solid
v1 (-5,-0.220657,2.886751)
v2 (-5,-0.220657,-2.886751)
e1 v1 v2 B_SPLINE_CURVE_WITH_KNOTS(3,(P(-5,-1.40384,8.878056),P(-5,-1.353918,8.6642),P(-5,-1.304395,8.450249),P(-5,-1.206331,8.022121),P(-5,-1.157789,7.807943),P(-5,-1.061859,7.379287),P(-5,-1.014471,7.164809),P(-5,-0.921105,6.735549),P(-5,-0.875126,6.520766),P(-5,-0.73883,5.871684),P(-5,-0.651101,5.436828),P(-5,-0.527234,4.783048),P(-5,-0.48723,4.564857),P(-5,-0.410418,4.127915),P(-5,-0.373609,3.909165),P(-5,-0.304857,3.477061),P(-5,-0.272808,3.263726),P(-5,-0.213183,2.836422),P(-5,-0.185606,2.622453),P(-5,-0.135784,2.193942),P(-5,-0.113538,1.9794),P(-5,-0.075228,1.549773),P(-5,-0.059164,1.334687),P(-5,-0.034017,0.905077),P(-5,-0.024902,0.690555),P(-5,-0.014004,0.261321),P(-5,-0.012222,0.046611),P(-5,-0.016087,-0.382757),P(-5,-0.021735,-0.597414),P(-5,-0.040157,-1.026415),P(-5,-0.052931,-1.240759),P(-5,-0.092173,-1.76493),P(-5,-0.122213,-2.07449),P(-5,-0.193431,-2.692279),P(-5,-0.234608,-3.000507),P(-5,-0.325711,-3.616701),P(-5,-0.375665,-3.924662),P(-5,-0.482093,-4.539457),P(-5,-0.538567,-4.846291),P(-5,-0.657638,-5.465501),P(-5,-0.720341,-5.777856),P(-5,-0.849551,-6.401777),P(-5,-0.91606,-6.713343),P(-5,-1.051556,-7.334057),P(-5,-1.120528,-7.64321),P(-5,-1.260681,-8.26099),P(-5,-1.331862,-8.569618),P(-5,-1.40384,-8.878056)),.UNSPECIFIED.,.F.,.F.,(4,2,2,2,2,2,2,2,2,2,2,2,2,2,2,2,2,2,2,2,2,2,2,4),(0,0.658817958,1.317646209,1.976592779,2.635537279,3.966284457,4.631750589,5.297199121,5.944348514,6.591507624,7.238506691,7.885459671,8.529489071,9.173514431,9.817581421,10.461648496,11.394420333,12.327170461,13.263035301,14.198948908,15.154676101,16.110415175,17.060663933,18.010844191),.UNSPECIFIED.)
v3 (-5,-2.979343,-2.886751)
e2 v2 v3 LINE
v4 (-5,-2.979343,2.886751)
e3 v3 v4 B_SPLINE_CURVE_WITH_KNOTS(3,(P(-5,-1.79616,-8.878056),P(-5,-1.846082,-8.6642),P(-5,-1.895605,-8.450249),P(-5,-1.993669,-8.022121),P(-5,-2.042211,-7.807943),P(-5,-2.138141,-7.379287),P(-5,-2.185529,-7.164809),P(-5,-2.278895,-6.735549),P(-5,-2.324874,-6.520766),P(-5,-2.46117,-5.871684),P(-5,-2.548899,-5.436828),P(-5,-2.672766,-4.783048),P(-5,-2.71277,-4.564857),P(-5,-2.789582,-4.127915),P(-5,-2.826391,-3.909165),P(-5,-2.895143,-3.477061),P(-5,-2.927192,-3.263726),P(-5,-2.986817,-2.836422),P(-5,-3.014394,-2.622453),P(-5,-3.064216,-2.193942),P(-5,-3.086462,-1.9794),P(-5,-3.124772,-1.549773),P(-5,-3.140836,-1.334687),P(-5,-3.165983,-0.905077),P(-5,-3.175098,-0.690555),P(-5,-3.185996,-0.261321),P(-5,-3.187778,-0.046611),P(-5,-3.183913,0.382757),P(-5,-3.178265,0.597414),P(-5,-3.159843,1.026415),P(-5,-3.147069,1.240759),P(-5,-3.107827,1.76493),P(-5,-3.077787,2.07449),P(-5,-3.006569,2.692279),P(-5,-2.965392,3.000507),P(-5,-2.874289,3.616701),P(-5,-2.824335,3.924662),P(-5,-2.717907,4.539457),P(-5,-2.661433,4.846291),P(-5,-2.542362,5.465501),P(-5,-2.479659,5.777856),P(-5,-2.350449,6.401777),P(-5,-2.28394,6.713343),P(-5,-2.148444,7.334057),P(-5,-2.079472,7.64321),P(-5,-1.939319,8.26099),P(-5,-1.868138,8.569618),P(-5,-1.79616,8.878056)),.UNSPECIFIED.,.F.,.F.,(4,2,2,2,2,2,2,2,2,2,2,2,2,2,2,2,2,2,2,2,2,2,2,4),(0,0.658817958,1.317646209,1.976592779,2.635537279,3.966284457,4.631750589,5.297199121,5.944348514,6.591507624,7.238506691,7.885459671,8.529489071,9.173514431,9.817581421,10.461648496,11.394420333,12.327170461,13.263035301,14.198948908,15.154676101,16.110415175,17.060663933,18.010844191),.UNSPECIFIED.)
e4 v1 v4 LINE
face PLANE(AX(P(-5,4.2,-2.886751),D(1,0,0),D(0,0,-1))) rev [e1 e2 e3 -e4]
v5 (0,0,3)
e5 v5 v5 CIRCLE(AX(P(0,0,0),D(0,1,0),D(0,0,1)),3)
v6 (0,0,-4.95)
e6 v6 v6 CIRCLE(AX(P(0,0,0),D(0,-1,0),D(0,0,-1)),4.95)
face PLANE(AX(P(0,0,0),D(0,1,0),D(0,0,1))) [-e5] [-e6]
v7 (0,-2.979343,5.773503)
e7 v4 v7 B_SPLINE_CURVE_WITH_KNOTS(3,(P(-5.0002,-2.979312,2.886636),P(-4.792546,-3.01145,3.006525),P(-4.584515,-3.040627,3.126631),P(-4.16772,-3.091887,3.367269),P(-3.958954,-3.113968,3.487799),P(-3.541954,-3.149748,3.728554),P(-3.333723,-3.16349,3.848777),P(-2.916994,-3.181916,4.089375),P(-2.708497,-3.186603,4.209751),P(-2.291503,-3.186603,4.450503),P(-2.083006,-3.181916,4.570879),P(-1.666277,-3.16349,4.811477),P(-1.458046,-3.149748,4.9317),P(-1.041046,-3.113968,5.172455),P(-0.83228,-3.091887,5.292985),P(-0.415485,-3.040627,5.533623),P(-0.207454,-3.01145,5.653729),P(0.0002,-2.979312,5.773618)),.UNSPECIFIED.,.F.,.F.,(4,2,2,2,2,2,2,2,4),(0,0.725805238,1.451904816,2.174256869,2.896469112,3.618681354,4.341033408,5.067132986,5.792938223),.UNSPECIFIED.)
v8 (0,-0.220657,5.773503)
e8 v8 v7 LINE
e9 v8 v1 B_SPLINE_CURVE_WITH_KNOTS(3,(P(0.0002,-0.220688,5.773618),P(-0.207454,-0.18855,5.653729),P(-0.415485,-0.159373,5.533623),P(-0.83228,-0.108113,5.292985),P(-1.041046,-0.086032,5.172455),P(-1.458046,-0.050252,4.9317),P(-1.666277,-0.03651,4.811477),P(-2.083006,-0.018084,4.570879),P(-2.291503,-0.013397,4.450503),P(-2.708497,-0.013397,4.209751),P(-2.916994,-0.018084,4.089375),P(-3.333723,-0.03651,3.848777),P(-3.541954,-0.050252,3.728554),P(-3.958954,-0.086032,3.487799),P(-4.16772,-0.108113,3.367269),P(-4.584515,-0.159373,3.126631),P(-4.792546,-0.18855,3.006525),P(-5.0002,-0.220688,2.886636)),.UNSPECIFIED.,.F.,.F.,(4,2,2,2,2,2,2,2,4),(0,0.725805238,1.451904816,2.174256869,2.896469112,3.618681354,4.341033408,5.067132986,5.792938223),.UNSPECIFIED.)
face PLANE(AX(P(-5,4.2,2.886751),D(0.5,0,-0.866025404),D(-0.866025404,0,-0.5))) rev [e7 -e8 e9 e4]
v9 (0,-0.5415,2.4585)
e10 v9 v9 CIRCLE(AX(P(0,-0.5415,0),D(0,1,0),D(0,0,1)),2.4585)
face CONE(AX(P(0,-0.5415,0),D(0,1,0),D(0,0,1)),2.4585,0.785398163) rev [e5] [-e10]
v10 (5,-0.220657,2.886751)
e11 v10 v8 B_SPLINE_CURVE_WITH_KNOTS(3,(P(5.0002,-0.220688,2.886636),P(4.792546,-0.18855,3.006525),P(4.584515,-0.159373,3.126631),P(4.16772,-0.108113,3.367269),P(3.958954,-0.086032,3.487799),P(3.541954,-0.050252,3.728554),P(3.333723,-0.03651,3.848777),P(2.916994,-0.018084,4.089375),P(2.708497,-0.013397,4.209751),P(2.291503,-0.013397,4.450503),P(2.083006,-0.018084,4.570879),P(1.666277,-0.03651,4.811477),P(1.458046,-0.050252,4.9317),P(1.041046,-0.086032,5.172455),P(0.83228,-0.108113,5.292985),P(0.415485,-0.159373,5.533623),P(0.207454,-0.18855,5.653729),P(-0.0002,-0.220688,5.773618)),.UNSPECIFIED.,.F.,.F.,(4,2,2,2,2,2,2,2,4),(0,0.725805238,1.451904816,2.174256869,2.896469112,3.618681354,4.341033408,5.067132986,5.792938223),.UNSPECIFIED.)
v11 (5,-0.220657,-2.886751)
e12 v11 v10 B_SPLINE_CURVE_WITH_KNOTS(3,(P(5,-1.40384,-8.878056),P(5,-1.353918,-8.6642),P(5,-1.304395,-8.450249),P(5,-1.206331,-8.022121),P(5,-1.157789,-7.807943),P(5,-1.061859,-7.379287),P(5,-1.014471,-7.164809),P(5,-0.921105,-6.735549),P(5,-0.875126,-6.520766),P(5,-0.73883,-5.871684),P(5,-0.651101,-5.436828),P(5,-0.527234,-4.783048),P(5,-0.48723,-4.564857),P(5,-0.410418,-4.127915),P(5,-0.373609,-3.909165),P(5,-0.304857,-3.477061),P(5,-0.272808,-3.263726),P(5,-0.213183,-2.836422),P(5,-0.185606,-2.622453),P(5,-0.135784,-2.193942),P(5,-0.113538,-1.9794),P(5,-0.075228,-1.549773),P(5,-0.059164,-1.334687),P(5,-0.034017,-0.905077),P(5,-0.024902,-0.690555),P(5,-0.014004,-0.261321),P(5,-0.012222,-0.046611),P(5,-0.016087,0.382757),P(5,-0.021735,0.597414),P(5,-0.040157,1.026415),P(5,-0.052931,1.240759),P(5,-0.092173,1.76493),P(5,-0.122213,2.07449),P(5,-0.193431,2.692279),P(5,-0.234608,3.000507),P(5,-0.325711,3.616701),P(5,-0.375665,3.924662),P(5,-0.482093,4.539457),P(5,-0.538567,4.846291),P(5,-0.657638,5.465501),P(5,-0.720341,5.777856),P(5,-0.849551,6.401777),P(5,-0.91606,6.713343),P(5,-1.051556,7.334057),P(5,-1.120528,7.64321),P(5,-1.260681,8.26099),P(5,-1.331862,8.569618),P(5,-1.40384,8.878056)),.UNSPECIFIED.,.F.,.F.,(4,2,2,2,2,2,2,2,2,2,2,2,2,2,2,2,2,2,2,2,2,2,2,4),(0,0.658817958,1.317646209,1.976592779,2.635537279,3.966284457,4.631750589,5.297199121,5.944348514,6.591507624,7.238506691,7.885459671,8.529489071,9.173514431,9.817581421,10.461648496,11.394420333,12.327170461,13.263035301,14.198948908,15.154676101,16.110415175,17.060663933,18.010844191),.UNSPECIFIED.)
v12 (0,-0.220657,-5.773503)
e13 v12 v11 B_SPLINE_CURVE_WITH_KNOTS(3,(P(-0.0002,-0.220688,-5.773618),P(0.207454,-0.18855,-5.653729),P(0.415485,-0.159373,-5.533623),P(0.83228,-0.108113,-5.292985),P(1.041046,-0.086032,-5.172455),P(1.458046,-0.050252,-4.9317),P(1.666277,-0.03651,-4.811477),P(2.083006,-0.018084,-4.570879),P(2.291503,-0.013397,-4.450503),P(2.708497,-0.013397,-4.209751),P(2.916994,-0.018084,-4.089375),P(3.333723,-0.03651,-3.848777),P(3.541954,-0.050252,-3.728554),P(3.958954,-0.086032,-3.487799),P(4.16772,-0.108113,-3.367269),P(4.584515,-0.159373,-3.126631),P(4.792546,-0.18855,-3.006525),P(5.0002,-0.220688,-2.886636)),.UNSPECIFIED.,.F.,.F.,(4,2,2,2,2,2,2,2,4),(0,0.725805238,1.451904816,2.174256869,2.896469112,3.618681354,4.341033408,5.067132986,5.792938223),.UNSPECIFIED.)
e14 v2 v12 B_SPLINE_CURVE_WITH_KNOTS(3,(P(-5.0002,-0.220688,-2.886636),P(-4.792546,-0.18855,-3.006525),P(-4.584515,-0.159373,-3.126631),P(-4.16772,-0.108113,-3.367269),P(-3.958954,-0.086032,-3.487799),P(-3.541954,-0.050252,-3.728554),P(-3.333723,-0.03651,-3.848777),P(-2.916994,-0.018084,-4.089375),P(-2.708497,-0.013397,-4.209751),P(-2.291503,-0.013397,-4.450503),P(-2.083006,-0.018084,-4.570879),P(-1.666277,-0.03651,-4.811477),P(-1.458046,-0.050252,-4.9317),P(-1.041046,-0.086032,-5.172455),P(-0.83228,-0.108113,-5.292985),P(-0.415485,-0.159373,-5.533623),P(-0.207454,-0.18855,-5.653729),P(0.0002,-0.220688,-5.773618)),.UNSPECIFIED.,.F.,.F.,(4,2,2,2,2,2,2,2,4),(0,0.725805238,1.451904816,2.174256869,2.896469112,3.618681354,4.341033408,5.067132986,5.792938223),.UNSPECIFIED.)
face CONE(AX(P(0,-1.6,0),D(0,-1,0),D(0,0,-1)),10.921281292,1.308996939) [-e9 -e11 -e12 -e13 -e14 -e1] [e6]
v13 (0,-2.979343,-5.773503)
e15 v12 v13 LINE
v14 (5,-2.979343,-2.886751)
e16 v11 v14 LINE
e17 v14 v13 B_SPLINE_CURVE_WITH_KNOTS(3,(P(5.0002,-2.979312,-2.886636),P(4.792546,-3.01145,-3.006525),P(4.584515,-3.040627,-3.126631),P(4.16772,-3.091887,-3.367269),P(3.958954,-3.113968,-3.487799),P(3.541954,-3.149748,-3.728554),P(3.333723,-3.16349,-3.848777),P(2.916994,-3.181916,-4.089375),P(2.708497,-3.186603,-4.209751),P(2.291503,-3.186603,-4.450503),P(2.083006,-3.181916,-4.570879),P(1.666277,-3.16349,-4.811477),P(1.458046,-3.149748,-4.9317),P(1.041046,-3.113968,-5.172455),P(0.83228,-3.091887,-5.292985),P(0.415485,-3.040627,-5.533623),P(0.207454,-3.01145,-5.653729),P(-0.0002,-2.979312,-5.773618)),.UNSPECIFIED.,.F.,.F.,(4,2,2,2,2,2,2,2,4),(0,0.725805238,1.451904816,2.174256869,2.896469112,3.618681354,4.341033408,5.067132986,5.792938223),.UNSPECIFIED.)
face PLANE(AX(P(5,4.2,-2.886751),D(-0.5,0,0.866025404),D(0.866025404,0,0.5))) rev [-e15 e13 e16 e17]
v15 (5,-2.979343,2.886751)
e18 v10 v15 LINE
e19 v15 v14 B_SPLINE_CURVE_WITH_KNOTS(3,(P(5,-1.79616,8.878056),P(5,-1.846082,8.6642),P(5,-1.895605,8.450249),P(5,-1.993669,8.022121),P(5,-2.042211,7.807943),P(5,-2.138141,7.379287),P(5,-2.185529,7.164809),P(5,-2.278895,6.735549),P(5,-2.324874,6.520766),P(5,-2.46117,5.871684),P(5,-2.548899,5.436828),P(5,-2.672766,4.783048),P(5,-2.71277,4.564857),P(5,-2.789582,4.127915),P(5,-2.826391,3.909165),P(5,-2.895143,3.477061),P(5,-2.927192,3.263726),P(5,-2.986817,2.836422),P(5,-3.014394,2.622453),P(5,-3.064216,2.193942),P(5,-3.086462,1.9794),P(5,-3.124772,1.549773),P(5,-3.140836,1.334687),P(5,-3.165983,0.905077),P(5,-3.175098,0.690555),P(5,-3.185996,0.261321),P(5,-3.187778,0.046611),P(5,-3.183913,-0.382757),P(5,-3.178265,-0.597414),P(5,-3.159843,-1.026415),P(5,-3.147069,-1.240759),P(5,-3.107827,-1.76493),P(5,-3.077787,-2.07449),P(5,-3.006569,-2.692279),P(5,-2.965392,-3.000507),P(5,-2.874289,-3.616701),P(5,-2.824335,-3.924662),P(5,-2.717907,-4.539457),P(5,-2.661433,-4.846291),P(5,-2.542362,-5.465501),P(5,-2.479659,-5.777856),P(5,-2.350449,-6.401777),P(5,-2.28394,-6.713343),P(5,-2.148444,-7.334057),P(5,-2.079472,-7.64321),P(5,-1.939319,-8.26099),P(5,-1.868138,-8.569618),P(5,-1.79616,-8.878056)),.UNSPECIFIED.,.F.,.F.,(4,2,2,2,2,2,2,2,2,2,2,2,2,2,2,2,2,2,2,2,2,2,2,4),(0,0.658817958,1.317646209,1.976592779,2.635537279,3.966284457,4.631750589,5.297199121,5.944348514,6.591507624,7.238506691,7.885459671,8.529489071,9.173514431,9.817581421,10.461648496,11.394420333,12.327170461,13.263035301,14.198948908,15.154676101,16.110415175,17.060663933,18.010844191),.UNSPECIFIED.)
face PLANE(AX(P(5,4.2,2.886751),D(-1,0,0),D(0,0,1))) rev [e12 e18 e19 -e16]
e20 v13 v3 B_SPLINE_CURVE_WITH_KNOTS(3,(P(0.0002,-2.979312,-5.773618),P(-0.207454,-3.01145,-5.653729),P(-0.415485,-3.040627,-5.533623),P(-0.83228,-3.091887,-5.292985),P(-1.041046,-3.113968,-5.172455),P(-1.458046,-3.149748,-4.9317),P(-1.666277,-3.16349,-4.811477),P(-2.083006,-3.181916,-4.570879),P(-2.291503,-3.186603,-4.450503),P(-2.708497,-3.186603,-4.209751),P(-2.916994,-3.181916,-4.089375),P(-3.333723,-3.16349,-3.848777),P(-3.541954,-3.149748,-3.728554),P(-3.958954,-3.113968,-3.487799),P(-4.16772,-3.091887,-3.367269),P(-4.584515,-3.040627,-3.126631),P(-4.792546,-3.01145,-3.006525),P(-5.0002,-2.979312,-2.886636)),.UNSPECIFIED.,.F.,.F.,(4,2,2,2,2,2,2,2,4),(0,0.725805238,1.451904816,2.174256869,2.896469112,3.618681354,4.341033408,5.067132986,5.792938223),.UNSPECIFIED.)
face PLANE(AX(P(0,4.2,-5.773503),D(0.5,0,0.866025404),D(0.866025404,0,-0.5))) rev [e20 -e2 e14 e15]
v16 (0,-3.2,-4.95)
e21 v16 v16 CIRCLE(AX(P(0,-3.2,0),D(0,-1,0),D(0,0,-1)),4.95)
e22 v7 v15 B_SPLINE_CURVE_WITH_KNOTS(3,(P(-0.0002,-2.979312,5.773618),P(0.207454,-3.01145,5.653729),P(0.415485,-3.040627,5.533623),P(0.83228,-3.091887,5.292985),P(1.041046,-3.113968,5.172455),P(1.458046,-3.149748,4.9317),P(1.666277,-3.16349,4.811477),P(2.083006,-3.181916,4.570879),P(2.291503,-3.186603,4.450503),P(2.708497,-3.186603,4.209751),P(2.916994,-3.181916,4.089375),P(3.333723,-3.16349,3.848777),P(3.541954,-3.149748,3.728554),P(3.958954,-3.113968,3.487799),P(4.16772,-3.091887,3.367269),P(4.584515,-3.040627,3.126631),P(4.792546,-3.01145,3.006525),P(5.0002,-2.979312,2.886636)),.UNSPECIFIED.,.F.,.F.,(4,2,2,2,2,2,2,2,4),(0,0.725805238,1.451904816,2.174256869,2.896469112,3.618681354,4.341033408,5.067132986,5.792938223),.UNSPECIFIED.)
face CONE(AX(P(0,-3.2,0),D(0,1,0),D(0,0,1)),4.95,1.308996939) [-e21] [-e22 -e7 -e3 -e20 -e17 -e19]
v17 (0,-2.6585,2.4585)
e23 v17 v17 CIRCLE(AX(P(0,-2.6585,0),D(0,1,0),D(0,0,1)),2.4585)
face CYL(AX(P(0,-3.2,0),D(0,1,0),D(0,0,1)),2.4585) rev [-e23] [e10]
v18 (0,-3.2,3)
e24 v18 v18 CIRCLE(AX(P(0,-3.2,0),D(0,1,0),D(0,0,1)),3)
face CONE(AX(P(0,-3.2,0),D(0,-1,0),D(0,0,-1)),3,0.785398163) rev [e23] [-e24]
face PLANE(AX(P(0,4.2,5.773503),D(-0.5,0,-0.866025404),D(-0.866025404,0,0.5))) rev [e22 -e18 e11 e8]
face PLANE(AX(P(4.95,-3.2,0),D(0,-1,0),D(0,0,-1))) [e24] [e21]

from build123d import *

# Parameters (mm, degrees)
CUT_EXTRUDE1_DEPTH      = 4.2
CUT_EXTRUDE1_DEPTH_BACK = 4.2
SKETCH2_W               = 40
SKETCH2_H               = 40


with BuildPart() as part:
    # Sketch1 → Revolve1 (revolve)
    with BuildSketch(Plane.XY):
        Polygon((0, 0), (4.95, 0), (10.921281292, -1.6), (4.95, -3.2), (0, -3.2), align=None)
    revolve(axis=Axis((0, -3.2, 0), (0, 1, 0)))

    # Sketch2 → Cut-Extrude1 (cut, two sides: drawn at the far end of the back side and taken through both)
    with BuildSketch(Plane(origin=(0, 0, 0), x_dir=(1, 0, 0), z_dir=(0, 1, 0)).offset(-CUT_EXTRUDE1_DEPTH_BACK)):
        Rectangle(SKETCH2_W, SKETCH2_H)
        Polygon((-5, -2.886751346), (0, -5.773502692), (5, -2.886751346), (5, 2.886751346), (0, 5.773502692), (-5, 2.886751346), align=None, mode=Mode.SUBTRACT)
    extrude(amount=CUT_EXTRUDE1_DEPTH + CUT_EXTRUDE1_DEPTH_BACK, mode=Mode.SUBTRACT)

    # Sketch3 → Cut-Revolve1 (revolve, cut)
    with BuildSketch(Plane.XY):
        Polygon((0, 0), (3, 0), (2.4585, -0.5415), (2.4585, -2.6585), (3, -3.2), (0, -3.2), align=None)
    revolve(axis=Axis((0, -3.2, 0), (0, 1, 0)), mode=Mode.SUBTRACT)


solid = part.part
